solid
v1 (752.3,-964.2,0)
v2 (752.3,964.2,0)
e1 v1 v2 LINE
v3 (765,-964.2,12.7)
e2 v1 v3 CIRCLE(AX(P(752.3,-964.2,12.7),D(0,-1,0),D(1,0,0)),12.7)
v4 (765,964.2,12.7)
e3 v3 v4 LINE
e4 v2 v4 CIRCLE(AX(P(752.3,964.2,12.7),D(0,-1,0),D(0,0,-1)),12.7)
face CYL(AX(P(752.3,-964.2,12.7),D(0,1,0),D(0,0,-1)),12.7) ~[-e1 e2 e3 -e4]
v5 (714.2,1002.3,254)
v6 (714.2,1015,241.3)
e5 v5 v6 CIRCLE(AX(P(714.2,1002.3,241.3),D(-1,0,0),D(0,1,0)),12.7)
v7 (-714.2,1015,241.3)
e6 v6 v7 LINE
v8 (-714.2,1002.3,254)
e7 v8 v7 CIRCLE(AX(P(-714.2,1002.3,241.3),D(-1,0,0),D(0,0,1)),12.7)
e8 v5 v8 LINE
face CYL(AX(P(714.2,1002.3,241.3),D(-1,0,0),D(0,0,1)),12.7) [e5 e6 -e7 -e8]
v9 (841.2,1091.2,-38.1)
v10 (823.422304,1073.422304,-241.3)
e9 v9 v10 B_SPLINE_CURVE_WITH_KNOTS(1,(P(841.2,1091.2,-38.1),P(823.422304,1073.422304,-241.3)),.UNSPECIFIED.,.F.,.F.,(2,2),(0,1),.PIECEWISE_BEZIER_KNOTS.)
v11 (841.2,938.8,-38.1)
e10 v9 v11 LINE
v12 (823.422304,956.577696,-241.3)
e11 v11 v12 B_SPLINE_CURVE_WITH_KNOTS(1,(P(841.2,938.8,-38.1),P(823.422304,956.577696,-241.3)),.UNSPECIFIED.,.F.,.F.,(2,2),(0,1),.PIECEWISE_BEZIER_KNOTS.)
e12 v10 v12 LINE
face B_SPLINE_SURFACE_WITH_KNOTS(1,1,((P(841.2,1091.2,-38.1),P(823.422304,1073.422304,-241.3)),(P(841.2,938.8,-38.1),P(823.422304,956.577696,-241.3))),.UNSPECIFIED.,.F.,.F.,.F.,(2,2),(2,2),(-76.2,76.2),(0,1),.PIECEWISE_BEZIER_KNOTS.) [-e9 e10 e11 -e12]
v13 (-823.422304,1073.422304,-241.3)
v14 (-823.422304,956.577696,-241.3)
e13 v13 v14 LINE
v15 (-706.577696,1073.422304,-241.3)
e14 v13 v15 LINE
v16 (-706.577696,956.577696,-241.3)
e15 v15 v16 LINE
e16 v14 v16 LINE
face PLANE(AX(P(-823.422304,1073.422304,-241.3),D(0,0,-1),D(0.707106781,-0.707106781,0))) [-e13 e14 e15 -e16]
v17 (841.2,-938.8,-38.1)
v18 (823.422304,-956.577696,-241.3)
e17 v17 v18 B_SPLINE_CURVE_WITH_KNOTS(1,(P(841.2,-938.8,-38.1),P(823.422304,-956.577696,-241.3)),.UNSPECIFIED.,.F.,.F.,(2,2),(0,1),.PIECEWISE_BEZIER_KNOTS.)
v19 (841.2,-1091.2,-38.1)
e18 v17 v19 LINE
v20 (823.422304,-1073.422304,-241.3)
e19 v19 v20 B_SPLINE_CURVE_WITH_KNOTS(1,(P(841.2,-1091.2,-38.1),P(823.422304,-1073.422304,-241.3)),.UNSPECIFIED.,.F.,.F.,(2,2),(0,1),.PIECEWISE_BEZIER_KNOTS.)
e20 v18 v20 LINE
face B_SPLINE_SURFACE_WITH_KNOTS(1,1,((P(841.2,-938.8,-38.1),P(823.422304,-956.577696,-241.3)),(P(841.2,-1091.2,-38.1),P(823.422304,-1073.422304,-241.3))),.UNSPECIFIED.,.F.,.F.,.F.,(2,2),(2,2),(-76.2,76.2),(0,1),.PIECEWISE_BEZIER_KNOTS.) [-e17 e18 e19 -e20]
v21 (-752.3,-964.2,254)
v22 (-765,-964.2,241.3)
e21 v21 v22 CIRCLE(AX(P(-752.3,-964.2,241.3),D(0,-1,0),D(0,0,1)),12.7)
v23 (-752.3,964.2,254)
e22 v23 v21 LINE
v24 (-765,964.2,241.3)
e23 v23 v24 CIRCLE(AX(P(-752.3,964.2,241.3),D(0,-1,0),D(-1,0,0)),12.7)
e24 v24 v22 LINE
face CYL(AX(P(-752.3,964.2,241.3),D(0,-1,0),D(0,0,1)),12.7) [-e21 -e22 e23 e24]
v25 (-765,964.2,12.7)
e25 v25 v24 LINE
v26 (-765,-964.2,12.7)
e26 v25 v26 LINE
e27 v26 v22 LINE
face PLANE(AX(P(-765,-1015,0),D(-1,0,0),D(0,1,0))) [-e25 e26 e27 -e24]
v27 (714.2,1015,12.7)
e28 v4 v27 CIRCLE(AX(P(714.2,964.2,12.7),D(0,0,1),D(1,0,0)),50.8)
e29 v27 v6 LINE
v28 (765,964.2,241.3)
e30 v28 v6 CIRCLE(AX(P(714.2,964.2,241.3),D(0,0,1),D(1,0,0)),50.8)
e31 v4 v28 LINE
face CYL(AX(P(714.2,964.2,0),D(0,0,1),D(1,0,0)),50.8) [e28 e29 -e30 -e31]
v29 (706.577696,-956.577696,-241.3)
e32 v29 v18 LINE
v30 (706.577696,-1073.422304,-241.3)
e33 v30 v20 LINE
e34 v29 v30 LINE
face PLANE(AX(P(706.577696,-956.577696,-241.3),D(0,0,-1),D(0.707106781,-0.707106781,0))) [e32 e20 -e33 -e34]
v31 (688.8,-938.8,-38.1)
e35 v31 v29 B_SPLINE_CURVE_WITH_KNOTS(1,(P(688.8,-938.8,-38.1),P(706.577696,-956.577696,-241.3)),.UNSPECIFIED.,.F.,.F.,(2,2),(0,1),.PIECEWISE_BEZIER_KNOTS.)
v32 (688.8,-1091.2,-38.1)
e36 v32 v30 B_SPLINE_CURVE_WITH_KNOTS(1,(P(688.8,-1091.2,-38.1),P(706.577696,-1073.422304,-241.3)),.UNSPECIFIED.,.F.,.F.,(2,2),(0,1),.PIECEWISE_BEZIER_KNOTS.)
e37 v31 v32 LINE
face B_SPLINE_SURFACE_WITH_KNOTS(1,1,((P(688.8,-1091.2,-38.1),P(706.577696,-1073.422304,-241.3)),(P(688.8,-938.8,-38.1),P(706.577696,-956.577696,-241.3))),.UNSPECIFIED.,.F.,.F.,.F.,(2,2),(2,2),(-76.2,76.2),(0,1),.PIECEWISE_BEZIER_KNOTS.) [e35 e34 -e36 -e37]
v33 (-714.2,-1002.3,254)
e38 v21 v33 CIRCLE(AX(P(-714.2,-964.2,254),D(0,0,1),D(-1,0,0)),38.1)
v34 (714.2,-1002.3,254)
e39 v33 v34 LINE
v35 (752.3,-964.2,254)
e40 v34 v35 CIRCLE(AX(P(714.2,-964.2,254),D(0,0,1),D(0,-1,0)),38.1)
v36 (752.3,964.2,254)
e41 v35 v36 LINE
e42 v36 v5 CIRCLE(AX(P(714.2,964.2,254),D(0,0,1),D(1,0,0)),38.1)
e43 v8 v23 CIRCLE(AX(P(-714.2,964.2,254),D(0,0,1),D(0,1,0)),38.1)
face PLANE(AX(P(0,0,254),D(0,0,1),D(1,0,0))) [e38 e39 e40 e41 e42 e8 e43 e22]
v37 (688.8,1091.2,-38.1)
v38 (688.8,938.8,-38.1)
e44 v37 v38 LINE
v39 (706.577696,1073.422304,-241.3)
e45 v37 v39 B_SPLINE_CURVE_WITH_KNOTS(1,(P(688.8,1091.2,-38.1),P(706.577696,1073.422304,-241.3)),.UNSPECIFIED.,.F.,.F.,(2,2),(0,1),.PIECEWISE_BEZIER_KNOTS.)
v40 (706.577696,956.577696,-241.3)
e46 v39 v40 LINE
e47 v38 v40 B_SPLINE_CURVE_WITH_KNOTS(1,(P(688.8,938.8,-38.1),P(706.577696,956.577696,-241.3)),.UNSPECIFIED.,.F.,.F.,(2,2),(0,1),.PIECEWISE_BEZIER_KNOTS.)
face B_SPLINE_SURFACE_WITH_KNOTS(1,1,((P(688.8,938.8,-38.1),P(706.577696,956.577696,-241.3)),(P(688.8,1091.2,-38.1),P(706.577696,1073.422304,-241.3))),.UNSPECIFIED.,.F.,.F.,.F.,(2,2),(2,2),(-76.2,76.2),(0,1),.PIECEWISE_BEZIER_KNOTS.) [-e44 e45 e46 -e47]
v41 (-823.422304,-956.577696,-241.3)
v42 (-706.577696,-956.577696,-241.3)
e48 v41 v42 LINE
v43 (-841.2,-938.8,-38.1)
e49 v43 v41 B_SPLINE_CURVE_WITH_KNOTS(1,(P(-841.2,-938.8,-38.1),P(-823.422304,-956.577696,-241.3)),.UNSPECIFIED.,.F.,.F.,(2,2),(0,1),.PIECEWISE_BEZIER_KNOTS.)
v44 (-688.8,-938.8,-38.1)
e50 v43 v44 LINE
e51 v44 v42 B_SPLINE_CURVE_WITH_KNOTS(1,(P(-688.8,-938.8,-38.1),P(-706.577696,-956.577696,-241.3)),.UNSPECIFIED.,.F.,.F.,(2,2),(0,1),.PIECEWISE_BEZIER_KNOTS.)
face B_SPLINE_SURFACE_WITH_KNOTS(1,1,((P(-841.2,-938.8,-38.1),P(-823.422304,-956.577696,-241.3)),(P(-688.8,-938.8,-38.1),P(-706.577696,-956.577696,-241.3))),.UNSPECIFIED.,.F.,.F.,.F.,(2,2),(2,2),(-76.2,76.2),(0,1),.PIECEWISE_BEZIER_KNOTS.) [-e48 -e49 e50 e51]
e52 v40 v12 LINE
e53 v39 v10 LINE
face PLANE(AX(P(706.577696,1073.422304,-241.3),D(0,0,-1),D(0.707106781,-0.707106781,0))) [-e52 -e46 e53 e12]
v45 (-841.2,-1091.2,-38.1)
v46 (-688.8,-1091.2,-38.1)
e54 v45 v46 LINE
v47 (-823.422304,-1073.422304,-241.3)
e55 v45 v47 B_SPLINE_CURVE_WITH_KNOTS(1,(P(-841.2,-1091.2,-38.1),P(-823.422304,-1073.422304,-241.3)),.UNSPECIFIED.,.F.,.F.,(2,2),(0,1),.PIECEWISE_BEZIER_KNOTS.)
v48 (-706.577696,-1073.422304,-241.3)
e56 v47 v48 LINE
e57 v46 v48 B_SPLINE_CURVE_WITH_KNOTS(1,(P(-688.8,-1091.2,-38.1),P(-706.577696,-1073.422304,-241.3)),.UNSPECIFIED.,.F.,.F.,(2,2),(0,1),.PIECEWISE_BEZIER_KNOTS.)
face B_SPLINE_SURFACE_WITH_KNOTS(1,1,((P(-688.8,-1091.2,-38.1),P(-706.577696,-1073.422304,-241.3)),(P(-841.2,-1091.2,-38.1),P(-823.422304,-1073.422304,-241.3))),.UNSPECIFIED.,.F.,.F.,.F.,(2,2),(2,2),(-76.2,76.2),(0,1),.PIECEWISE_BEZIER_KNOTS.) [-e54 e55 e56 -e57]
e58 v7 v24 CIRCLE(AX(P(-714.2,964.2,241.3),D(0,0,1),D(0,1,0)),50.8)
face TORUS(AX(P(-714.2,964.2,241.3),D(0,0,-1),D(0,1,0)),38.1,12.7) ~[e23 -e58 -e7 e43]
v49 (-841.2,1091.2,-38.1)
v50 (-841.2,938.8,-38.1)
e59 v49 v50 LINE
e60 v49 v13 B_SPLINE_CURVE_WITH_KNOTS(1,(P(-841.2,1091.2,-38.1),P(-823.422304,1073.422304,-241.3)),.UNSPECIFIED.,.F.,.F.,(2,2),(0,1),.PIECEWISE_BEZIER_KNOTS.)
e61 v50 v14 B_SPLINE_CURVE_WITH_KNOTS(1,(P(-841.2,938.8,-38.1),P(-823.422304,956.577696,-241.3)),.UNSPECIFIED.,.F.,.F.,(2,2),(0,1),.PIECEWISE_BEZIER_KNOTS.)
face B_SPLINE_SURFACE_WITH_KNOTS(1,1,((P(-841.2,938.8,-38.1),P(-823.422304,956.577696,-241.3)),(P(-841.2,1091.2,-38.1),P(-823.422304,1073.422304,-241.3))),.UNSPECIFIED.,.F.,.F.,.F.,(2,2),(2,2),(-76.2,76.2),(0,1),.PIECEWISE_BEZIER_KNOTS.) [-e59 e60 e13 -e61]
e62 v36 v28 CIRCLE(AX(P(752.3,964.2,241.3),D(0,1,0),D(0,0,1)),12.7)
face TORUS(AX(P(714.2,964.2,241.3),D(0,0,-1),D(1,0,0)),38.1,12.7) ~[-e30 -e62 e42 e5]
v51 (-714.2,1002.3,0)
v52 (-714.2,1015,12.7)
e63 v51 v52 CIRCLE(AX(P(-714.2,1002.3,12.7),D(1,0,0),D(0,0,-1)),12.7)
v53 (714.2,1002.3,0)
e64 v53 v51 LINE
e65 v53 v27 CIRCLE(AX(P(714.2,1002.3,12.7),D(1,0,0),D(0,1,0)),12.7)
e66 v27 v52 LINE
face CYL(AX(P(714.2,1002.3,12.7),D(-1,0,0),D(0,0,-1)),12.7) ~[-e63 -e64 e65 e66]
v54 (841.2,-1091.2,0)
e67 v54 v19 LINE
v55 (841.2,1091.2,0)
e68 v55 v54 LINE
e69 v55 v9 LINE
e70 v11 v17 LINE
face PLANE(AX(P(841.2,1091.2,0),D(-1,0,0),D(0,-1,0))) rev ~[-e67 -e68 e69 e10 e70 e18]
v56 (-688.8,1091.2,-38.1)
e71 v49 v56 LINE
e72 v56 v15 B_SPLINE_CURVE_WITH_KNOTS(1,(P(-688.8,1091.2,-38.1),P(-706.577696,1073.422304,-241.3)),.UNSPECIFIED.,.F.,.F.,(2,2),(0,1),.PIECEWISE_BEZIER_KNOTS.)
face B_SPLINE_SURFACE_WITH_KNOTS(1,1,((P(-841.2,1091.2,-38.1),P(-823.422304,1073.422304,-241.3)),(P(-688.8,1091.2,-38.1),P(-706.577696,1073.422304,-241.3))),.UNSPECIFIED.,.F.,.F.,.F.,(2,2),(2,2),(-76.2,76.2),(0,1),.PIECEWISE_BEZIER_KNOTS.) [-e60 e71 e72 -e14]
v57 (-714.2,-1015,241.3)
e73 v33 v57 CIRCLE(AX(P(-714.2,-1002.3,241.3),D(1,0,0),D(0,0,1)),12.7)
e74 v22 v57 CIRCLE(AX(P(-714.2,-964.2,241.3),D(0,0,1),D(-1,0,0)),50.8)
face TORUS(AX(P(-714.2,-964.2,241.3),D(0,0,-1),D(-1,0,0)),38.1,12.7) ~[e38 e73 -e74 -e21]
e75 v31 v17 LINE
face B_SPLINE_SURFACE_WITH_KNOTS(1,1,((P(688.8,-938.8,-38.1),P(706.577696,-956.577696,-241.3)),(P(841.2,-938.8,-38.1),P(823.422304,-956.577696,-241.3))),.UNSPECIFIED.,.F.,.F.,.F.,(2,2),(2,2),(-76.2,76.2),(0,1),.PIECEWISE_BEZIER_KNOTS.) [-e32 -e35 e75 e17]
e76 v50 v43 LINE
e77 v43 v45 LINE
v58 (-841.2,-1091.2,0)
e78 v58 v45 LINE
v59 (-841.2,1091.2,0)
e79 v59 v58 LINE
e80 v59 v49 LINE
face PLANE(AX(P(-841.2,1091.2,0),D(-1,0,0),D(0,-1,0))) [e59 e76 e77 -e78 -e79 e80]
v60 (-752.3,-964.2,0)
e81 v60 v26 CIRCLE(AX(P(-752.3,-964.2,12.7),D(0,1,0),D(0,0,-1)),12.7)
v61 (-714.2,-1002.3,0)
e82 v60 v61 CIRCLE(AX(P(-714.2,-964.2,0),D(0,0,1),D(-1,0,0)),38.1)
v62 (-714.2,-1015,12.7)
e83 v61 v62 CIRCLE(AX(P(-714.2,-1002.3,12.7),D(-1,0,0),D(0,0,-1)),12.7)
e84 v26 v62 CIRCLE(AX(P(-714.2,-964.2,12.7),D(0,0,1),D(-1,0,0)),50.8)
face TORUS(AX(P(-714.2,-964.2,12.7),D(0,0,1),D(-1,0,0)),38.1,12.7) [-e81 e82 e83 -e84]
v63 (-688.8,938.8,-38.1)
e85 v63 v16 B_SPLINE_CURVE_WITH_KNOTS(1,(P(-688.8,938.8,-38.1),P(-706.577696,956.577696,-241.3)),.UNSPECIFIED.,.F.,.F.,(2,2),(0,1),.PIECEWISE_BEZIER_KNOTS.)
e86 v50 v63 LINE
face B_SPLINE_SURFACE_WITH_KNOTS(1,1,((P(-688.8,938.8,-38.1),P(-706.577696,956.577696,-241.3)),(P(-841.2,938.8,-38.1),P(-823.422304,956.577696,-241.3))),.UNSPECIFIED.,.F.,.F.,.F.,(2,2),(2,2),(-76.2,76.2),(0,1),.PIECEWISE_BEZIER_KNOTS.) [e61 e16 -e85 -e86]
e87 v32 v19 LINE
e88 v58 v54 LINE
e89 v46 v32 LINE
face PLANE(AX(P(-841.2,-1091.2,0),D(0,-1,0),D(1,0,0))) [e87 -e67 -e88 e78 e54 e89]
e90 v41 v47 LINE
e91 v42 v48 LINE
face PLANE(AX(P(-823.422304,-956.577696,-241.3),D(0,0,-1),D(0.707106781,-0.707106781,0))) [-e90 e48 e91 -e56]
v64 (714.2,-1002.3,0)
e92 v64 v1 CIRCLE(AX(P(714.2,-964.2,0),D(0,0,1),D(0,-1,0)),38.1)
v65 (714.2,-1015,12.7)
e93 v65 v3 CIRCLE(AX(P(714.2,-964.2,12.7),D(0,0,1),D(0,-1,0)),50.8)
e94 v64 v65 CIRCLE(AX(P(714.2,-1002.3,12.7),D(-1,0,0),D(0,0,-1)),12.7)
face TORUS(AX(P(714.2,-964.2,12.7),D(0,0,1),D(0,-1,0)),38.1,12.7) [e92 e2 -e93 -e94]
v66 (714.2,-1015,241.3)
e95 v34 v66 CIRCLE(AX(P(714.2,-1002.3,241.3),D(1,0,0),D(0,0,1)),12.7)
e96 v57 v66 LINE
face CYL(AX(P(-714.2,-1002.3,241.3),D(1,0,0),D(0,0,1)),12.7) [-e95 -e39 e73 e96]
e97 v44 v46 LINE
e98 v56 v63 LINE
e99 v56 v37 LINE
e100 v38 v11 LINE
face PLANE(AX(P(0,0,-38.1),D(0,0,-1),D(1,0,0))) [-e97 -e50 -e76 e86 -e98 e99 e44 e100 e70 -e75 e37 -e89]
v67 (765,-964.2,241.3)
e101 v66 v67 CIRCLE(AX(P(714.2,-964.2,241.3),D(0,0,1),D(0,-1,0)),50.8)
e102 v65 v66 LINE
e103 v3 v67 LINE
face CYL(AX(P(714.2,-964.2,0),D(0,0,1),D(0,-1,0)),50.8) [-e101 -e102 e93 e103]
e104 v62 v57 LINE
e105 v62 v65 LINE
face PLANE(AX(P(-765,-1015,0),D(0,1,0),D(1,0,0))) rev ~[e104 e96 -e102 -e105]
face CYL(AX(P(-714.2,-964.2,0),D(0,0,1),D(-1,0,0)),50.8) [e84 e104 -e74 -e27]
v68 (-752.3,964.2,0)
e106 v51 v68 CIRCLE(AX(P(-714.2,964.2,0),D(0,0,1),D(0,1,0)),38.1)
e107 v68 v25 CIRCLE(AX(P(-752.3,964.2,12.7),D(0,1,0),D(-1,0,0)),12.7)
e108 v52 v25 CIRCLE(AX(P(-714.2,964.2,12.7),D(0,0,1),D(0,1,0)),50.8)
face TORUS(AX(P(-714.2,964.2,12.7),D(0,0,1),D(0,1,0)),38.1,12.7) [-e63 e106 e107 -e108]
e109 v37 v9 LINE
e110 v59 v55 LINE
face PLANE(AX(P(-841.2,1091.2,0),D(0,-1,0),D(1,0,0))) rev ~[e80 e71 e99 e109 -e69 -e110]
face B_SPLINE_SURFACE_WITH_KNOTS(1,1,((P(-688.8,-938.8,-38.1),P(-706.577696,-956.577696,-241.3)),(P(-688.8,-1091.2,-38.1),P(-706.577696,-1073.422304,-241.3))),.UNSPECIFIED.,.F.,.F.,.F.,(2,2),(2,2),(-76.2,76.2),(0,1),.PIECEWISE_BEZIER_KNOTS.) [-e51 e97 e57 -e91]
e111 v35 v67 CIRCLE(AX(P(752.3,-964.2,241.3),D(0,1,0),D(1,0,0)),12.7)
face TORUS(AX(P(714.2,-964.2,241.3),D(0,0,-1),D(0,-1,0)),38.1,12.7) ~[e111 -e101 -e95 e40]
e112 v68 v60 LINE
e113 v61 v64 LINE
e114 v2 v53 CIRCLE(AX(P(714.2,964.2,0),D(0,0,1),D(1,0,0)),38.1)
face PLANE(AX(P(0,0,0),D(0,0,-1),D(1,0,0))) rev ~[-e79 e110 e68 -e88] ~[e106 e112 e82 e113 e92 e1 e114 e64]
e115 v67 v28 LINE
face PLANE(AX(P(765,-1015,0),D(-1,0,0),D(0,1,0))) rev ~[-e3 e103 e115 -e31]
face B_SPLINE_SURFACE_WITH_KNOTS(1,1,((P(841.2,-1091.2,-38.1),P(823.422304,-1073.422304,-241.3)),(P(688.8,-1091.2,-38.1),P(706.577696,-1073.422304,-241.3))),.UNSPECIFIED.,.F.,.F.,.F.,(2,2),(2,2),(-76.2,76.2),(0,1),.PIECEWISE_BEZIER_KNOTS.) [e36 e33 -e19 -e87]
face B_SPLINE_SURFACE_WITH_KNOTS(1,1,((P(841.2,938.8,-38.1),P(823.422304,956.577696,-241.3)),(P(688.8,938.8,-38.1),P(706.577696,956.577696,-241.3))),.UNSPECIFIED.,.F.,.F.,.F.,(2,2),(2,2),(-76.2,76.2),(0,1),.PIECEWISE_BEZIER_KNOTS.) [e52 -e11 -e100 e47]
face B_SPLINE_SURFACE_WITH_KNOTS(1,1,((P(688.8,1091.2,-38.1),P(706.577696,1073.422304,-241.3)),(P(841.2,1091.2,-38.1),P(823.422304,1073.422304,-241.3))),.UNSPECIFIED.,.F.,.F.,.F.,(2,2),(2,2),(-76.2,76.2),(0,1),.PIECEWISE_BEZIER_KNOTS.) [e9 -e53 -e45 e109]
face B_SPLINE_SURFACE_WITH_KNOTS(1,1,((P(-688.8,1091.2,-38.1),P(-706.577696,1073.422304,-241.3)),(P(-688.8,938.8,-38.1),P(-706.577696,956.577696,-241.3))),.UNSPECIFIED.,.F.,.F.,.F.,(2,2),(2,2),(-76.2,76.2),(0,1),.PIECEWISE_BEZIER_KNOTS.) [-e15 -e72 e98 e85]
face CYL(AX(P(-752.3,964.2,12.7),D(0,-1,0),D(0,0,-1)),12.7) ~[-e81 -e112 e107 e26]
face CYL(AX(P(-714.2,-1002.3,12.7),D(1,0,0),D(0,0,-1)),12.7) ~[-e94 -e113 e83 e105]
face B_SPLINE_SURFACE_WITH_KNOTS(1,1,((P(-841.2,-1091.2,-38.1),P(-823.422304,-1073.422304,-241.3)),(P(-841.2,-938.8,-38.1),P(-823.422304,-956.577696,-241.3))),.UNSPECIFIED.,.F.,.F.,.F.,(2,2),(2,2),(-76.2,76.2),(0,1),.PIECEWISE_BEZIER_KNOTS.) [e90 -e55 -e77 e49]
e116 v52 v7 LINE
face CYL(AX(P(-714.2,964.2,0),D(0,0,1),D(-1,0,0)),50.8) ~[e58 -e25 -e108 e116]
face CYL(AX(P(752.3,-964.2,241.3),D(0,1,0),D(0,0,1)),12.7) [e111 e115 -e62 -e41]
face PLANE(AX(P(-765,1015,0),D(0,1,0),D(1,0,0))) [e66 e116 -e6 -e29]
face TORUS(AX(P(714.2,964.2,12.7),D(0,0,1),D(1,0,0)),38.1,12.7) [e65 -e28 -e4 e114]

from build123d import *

# Parameters (mm, degrees)
F0_W     = 1530
F0_H     = 2030
F1_DEPTH = 254
F2_R     = 50.8
F3_R     = 12.7
F4_W     = 1682.4
F4_H     = 2182.4
F5_DEPTH = 38.1
F6_W     = 152.4
F6_H     = 152.4
F7_DEPTH = 203.2
F7_TAPER = 5


with BuildPart() as f1:
    # F0 (on Top) → F1 (new body)
    with BuildSketch(Plane.XY):
        Rectangle(F0_W, F0_H)
    extrude(amount=F1_DEPTH)

    # F2
    f2_edges = [f1.edges().sort_by_distance(p)[0] for p in [
        (-765, -1015, 127),
        (765, -1015, 127),
        (765, 1015, 127),
        (-765, 1015, 127),
    ]]
    fillet(f2_edges, radius=F2_R)

    # F3
    f3_edges = [f1.edges().sort_by_distance(p)[0] for p in [
        (0, -1015, 254),
        (-750.121024, -1000.121024, 254),
        (750.121024, -1000.121024, 254),
        (-765, 0, 254),
        (765, 0, 254),
        (-750.121024, 1000.121024, 254),
        (750.121024, 1000.121024, 254),
        (0, 1015, 254),
        (0, -1015, 0),
        (-750.121024, -1000.121024, 0),
        (750.121024, -1000.121024, 0),
        (-765, 0, 0),
        (765, 0, 0),
        (-750.121024, 1000.121024, 0),
        (750.121024, 1000.121024, 0),
        (0, 1015, 0),
    ]]
    fillet(f3_edges, radius=F3_R)

    # F4 (on face) → F5 (join)
    with BuildSketch(Plane(origin=(0, 0, 0), x_dir=(1, 0, 0), z_dir=(0, 0, -1))):
        Rectangle(F4_W, F4_H)
    extrude(amount=F5_DEPTH)

    # F6 (on face) → F7 (join)
    with BuildSketch(Plane(origin=(0, 0, -38.1), x_dir=(1, 0, 0), z_dir=(0, 0, -1))):
        with Locations((-765, 1015)):
            Rectangle(F6_W, F6_H)
        with Locations((765, 1015)):
            Rectangle(F6_W, F6_H)
        with Locations((765, -1015)):
            Rectangle(F6_W, F6_H)
        with Locations((-765, -1015)):
            Rectangle(F6_W, F6_H)
    extrude(amount=F7_DEPTH, taper=F7_TAPER)


solid = f1.part
